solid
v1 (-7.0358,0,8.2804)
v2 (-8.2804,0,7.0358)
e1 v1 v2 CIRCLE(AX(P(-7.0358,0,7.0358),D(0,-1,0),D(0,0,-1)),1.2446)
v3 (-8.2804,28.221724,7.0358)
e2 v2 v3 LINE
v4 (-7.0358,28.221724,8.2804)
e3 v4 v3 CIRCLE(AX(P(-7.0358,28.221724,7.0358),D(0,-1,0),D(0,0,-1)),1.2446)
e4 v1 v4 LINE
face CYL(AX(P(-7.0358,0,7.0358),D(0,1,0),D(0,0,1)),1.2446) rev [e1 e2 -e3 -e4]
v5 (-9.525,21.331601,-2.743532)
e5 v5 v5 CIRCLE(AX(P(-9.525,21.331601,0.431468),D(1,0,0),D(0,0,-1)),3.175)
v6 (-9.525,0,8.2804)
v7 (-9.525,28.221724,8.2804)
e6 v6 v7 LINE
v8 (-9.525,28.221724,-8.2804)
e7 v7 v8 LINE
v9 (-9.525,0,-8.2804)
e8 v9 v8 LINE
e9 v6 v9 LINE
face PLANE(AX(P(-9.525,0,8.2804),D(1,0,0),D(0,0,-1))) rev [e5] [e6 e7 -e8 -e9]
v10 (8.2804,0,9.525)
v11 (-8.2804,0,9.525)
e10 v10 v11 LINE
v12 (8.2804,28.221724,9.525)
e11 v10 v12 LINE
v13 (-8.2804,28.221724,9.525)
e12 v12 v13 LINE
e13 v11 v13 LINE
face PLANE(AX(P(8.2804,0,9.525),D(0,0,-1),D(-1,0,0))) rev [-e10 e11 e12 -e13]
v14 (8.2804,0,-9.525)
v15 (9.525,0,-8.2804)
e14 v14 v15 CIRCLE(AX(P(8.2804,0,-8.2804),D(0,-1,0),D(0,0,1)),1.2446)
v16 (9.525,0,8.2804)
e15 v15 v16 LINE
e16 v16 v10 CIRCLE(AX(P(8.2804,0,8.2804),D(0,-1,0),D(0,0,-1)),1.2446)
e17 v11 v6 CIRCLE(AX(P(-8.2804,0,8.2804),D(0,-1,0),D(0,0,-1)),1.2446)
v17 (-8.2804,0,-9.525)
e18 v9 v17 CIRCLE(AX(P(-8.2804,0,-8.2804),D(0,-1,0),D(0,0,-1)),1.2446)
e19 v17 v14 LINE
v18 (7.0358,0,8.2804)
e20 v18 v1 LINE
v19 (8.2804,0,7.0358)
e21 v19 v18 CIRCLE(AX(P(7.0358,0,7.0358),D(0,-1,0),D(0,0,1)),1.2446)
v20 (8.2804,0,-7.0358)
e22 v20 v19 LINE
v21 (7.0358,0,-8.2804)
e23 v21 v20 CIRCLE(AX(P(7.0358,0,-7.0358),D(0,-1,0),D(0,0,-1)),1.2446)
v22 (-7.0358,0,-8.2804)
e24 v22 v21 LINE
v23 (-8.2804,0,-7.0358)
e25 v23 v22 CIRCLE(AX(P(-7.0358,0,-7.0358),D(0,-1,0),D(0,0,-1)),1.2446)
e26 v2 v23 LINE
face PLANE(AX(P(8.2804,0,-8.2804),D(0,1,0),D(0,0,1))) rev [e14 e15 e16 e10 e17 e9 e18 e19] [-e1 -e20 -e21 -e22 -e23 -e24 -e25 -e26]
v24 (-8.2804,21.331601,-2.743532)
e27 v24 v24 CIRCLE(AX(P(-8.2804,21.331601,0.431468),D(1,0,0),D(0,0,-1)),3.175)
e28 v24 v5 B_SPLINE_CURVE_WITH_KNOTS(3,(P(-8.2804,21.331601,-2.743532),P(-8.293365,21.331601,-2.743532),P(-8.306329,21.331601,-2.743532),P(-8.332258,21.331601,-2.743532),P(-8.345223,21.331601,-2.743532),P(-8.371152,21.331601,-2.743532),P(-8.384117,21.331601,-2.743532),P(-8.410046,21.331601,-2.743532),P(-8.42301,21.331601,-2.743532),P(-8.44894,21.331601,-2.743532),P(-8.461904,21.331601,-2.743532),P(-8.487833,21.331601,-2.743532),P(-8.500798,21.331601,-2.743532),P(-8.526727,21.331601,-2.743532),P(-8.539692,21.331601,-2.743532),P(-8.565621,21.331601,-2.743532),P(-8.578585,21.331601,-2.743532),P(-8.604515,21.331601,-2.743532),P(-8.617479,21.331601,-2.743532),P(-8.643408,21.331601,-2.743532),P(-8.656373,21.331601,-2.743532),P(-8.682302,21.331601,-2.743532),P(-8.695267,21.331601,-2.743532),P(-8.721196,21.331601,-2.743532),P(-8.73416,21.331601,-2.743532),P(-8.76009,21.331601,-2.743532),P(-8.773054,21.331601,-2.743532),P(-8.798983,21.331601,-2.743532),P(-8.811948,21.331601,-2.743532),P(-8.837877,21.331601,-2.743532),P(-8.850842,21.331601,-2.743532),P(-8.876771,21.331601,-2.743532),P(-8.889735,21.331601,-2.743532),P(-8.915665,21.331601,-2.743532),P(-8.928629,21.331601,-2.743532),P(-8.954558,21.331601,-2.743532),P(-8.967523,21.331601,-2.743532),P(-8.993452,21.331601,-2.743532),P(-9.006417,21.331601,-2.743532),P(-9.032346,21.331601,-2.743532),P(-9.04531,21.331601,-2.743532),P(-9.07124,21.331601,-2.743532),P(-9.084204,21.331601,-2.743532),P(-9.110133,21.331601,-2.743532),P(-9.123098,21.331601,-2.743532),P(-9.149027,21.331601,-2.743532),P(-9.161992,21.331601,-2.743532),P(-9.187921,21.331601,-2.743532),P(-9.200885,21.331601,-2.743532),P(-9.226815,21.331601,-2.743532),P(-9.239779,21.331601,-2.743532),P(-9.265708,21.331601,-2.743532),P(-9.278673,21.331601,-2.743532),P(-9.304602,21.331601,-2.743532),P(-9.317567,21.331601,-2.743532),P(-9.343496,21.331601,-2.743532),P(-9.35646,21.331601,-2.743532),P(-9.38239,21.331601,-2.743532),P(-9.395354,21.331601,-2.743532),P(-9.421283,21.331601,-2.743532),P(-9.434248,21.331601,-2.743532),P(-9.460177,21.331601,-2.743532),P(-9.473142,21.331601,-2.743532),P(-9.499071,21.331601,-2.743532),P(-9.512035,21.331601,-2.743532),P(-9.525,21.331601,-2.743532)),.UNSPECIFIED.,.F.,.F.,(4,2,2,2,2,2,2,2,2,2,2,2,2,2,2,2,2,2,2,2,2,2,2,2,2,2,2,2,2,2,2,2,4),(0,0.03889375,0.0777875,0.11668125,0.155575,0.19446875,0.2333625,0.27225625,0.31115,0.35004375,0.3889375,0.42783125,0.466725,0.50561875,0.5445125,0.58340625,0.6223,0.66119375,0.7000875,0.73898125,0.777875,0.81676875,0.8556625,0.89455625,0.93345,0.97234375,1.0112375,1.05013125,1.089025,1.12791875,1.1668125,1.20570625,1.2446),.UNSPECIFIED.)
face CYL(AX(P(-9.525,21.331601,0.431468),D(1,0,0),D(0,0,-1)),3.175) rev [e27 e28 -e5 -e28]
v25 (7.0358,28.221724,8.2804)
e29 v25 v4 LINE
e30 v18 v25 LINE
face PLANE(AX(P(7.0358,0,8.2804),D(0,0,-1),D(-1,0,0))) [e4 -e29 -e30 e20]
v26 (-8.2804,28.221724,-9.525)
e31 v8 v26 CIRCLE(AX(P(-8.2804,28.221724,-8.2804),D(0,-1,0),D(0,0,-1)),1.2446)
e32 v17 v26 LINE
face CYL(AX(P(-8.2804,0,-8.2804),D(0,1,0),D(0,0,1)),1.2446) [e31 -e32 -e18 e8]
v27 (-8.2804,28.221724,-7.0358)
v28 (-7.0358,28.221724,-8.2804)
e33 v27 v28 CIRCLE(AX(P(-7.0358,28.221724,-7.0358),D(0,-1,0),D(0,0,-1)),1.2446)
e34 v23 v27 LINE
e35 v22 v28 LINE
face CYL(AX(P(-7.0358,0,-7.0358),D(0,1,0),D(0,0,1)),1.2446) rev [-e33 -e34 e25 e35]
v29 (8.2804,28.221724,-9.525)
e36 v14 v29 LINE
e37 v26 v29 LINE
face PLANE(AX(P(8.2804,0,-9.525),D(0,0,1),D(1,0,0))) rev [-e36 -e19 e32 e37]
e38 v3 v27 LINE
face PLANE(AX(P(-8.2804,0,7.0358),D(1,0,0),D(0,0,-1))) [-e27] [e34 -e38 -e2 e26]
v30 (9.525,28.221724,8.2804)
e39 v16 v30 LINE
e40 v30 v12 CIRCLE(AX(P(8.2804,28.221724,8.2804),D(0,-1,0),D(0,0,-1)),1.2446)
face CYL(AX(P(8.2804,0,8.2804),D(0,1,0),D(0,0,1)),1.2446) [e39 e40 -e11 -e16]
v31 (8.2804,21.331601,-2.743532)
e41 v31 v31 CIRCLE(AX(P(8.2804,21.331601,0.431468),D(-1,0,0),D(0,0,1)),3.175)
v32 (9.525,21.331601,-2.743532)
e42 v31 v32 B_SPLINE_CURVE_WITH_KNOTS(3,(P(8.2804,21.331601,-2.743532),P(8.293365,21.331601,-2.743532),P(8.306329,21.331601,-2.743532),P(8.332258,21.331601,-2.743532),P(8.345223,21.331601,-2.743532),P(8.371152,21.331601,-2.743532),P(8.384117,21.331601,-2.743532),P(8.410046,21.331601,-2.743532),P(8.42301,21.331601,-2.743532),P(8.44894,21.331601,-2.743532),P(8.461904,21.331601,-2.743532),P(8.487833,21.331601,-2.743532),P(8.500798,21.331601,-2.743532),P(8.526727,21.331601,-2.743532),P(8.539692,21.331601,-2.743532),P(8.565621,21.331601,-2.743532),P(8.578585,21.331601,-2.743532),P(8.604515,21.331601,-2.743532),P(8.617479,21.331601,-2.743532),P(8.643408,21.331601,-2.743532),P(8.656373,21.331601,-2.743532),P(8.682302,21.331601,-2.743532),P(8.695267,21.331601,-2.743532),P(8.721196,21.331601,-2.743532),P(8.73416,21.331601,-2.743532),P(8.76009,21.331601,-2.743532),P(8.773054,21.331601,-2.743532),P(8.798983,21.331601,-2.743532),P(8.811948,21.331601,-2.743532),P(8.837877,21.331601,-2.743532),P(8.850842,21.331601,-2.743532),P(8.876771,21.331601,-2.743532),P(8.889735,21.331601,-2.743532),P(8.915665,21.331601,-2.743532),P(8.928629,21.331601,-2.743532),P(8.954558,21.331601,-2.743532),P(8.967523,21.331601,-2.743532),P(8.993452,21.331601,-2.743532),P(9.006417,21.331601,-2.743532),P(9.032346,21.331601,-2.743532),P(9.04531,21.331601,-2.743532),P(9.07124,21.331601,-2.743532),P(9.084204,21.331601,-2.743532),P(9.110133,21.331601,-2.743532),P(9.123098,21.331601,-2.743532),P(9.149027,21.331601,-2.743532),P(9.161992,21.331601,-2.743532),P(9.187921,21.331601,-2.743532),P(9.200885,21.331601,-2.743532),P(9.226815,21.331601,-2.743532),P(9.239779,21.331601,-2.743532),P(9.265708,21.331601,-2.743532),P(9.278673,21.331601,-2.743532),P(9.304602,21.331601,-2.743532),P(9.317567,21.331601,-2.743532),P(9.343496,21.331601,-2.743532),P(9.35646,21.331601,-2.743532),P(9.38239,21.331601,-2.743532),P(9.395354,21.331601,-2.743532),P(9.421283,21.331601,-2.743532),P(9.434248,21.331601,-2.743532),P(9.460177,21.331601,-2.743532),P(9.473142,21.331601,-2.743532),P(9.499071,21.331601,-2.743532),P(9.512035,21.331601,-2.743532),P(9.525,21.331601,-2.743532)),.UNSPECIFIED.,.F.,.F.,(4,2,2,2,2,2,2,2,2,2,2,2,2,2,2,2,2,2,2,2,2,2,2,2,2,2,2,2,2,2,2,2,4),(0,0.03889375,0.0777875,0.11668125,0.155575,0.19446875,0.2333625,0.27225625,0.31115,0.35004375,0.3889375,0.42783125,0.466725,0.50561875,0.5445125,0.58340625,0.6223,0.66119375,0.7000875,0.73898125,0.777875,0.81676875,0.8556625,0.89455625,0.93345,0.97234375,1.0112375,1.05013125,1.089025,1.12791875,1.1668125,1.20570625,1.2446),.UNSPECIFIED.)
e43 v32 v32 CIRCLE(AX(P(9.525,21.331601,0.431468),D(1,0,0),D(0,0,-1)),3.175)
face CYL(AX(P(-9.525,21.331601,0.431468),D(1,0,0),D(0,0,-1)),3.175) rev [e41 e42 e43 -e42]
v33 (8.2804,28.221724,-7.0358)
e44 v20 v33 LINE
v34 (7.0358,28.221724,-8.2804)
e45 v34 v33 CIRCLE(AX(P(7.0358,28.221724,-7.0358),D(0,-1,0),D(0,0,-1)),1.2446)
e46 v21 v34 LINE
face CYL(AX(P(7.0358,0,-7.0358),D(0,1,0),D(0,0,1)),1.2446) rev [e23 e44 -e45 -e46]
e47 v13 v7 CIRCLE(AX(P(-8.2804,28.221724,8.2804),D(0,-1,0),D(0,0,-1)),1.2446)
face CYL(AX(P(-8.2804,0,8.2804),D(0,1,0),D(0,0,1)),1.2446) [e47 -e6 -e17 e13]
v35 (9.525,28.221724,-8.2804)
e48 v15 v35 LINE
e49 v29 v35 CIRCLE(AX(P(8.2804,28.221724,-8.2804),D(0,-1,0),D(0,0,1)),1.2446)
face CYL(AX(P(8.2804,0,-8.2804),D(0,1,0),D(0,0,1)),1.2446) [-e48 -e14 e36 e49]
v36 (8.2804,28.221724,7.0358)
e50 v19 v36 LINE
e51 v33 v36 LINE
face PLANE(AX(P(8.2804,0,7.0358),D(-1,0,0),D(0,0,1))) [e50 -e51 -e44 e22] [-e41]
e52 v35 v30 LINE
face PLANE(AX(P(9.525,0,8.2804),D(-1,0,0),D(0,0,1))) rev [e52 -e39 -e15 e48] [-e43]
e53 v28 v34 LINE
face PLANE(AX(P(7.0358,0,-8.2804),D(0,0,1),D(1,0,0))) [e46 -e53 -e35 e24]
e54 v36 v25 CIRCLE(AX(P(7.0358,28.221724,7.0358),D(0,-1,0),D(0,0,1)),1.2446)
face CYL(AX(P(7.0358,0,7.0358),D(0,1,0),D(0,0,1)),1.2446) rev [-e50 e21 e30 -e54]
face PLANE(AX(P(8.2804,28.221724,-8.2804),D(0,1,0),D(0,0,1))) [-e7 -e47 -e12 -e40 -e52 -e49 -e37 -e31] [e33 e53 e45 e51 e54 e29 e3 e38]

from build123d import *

# Parameters (mm, degrees)
SQUARE_TUBE_75X049_1_DEPTH = 28.221723784
SKETCH3_R                  = 3.175
CUT_EXTRUDE1_DEPTH         = 36.356665826


with BuildPart() as part:
    # Sketch1 → Square tube 75X049(1) (new body)
    with BuildSketch(Plane(origin=(0, 28.221723784, 0), x_dir=(0, 0, -1), z_dir=(0, -1, 0))):
        with BuildLine():
            Line((-8.2804, 9.525), (8.2804, 9.525))
            ThreePointArc((8.2804, 9.525), (9.1604651, 9.1604651), (9.525, 8.2804))
            Line((9.525, 8.2804), (9.525, -8.2804))
            ThreePointArc((9.525, -8.2804), (9.1604651, -9.1604651), (8.2804, -9.525))
            Line((8.2804, -9.525), (-8.2804, -9.525))
            ThreePointArc((-8.2804, -9.525), (-9.1604651, -9.1604651), (-9.525, -8.2804))
            Line((-9.525, -8.2804), (-9.525, 8.2804))
            ThreePointArc((-9.525, 8.2804), (-9.1604651, 9.1604651), (-8.2804, 9.525))
        make_face()
        with BuildLine():
            Line((-8.2804, 7.0358), (-8.2804, -7.0358))
            ThreePointArc((-8.2804, -7.0358), (-7.9158651, -7.9158651), (-7.0358, -8.2804))
            Line((-7.0358, -8.2804), (7.0358, -8.2804))
            ThreePointArc((7.0358, -8.2804), (7.9158651, -7.9158651), (8.2804, -7.0358))
            Line((8.2804, -7.0358), (8.2804, 7.0358))
            ThreePointArc((8.2804, 7.0358), (7.9158651, 7.9158651), (7.0358, 8.2804))
            Line((7.0358, 8.2804), (-7.0358, 8.2804))
            ThreePointArc((-7.0358, 8.2804), (-7.9158651, 7.9158651), (-8.2804, 7.0358))
        make_face(mode=Mode.SUBTRACT)
    extrude(amount=SQUARE_TUBE_75X049_1_DEPTH)

    # Sketch3 → Cut-Extrude1 (cut, through all)
    with BuildSketch(Plane(origin=(9.525, 0, 0), x_dir=(0, 0, -1), z_dir=(1, 0, 0))):
        with Locations((-0.431467727, 21.331601206)):
            Circle(SKETCH3_R)
    extrude(amount=-CUT_EXTRUDE1_DEPTH, mode=Mode.SUBTRACT)


solid = part.part
